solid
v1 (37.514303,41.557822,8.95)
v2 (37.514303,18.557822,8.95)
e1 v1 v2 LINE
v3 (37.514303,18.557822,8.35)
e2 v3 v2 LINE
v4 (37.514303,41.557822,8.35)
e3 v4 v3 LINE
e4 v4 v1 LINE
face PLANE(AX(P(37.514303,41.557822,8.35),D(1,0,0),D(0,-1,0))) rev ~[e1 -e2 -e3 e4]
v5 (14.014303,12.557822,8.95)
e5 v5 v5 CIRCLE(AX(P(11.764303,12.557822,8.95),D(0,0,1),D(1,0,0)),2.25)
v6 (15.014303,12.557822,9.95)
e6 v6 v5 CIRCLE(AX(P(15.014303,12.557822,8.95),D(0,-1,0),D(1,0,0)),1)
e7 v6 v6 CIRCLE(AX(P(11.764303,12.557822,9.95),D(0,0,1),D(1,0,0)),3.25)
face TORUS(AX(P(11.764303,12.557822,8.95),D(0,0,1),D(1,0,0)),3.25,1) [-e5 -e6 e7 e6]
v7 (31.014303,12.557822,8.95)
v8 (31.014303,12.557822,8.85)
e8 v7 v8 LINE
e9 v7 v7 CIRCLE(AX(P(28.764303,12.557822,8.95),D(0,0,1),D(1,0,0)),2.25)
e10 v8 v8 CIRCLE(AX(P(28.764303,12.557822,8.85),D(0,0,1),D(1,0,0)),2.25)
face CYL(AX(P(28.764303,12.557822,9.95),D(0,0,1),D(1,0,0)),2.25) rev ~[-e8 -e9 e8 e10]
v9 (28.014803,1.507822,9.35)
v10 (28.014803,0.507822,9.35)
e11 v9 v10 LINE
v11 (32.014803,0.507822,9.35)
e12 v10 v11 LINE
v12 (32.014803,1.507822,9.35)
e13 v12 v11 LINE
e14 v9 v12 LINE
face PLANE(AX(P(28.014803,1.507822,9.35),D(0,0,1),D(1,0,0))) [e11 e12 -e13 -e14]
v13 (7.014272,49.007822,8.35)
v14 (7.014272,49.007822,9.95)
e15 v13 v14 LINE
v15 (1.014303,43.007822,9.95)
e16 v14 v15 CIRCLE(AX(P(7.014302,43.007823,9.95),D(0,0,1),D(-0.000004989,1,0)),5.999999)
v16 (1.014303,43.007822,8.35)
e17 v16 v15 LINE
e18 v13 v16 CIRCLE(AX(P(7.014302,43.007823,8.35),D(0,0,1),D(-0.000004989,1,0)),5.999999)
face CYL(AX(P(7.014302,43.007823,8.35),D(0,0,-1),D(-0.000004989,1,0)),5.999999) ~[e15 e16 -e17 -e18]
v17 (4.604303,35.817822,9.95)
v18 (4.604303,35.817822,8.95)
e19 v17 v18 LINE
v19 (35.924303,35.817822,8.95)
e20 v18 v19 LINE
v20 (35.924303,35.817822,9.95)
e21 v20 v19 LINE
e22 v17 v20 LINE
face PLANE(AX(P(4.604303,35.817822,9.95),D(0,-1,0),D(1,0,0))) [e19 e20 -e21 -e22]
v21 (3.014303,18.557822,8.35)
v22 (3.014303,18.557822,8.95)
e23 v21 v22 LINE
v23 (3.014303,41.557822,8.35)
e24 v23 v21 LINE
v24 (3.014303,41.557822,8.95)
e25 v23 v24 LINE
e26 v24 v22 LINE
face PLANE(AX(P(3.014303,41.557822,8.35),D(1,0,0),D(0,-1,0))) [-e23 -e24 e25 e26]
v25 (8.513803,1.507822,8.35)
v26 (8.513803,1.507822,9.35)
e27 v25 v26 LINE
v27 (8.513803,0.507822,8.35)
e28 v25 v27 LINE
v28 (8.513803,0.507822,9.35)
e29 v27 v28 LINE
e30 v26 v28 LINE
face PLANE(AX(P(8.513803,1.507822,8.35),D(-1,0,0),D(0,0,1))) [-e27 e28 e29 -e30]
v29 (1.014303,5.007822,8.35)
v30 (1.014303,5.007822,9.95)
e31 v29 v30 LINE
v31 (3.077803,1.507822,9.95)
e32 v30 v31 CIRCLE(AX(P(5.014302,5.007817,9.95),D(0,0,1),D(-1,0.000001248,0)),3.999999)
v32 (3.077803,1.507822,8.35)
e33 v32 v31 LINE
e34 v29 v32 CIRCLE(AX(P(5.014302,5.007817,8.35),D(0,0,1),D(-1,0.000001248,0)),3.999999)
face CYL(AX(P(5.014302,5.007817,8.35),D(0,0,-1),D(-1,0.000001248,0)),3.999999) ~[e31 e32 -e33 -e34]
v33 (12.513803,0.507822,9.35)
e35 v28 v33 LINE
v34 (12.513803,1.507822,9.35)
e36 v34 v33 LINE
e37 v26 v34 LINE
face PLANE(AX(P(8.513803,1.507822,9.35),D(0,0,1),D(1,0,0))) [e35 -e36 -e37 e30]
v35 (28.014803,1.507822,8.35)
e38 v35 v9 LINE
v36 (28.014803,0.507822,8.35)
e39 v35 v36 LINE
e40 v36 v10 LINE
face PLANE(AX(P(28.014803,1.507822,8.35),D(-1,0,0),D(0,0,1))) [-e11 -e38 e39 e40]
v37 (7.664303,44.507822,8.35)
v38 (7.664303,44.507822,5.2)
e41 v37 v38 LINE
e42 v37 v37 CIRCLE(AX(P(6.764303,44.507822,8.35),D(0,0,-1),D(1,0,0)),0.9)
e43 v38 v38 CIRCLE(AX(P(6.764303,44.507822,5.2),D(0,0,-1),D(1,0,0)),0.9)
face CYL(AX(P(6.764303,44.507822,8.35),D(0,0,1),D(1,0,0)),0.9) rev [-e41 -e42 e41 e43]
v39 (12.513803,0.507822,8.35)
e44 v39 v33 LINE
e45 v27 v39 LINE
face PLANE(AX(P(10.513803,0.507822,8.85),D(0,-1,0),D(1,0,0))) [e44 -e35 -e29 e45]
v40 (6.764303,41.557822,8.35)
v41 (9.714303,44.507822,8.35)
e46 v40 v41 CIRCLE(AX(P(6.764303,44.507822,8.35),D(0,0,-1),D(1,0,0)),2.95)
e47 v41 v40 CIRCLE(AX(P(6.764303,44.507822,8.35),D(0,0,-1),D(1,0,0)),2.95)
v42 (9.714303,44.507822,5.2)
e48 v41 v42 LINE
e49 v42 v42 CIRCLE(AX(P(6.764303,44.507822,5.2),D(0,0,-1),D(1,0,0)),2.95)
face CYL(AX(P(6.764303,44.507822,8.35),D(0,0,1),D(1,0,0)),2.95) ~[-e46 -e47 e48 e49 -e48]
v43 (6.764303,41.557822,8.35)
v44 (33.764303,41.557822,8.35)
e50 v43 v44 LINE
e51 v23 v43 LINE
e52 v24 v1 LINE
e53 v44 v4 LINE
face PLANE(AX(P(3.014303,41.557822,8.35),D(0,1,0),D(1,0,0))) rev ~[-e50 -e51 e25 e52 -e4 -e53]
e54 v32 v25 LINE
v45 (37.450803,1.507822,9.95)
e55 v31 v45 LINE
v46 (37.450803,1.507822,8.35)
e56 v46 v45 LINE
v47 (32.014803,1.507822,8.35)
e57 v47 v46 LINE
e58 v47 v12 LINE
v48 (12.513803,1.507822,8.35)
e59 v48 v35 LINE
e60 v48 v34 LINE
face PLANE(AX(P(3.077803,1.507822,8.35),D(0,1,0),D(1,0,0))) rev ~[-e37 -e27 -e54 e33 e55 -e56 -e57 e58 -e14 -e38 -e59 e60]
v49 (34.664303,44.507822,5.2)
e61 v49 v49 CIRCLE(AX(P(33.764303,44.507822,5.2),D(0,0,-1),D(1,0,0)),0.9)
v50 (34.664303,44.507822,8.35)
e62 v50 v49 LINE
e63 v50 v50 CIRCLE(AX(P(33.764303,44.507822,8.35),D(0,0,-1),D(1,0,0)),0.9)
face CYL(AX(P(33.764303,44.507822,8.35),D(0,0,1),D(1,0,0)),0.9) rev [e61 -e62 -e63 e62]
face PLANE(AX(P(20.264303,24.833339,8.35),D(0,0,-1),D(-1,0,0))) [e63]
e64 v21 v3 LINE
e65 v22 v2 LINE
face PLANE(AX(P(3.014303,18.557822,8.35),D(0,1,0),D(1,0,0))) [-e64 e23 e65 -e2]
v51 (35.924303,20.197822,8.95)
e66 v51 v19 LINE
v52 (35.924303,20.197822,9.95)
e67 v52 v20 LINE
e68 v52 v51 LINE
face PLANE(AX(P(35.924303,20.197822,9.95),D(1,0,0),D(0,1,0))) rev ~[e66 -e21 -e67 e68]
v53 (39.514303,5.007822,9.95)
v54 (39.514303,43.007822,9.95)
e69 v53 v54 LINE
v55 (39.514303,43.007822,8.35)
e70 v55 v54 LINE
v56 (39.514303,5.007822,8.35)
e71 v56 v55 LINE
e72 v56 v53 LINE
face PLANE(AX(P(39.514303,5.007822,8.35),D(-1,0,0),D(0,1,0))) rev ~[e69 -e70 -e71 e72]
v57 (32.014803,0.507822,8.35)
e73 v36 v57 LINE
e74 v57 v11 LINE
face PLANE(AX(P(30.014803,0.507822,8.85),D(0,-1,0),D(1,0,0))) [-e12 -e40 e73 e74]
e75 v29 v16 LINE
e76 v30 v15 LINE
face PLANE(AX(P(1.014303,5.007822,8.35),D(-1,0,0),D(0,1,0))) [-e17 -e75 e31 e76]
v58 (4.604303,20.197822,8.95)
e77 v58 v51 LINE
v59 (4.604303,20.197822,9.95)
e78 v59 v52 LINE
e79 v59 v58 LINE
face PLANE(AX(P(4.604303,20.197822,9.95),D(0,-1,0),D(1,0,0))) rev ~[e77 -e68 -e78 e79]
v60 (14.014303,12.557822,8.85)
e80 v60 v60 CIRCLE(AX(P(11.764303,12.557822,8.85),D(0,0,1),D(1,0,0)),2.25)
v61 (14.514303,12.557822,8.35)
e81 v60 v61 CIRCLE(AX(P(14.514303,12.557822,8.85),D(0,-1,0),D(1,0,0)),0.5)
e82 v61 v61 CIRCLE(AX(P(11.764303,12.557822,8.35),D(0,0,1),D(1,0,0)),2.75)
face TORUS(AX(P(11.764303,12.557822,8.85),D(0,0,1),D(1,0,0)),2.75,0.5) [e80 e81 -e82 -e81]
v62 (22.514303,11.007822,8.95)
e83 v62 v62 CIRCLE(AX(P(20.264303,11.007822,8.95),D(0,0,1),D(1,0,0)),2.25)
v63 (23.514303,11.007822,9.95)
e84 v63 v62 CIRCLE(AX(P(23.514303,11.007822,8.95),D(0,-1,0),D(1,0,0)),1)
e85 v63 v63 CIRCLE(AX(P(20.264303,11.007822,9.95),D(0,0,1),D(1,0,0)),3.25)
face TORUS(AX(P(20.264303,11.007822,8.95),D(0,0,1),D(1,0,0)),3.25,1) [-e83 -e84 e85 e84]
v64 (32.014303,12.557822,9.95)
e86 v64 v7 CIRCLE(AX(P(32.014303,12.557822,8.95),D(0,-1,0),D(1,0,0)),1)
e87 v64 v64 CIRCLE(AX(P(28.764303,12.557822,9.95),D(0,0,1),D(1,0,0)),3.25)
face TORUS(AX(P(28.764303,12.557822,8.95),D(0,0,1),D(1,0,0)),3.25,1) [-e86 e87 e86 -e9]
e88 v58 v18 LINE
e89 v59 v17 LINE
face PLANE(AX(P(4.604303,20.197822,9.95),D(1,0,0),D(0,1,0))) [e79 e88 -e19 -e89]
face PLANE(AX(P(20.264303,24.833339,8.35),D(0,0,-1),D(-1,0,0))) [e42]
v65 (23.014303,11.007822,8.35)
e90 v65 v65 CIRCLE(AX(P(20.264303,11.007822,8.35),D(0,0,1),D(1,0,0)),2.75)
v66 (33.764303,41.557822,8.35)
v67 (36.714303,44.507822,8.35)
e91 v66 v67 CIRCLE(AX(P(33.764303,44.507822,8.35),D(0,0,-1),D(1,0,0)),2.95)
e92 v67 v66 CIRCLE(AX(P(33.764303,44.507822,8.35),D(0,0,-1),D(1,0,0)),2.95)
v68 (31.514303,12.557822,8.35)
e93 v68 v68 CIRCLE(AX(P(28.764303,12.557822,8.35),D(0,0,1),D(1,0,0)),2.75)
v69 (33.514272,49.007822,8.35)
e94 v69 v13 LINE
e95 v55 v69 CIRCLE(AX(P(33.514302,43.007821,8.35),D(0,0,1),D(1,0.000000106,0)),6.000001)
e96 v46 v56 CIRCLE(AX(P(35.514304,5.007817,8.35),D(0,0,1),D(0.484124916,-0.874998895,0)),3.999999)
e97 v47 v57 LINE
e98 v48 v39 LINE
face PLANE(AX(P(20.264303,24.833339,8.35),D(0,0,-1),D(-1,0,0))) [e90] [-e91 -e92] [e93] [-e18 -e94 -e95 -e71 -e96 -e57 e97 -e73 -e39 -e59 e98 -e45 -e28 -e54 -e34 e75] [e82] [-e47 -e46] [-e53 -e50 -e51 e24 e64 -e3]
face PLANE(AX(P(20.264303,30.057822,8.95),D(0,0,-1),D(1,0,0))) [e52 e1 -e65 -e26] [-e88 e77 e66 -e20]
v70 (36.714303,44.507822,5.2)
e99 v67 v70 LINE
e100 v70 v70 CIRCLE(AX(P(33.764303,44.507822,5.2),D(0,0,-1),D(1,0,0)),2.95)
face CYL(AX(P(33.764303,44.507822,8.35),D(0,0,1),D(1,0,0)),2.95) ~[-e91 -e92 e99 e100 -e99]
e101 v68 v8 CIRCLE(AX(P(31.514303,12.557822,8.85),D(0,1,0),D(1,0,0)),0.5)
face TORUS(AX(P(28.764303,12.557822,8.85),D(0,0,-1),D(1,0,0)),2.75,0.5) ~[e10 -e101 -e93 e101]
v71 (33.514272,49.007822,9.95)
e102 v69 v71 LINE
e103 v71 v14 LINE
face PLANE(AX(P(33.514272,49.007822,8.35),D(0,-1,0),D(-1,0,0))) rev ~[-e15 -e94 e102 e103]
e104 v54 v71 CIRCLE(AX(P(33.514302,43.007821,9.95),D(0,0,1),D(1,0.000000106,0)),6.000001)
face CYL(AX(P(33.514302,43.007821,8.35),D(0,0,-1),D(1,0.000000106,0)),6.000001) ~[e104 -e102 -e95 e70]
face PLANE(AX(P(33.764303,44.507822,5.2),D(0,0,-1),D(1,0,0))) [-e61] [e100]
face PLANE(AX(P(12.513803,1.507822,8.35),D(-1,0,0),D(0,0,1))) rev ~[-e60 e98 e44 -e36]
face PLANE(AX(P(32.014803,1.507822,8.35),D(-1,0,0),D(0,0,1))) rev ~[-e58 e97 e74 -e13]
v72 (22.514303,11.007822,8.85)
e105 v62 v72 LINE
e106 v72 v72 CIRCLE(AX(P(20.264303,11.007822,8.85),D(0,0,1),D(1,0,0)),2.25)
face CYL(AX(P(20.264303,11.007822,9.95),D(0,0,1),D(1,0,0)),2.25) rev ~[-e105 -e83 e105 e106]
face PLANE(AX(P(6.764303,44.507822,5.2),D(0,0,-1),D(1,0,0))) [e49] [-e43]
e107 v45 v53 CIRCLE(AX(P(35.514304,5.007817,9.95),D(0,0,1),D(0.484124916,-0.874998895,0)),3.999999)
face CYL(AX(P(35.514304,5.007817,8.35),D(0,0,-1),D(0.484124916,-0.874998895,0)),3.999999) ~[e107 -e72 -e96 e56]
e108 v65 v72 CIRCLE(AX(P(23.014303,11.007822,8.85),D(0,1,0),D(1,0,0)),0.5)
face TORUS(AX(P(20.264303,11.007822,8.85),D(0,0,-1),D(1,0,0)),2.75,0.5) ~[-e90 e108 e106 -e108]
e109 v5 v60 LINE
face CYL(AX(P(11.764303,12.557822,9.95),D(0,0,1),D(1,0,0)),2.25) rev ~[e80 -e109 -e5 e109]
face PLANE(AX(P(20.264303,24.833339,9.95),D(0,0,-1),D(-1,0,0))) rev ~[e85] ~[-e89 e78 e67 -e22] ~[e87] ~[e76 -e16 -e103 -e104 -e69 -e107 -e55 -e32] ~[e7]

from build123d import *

# Parameters (mm, degrees)
PAD015_DEPTH    = 1.6
SKETCH025_W     = 4
SKETCH025_H     = 1
PAD016_DEPTH    = 1
SKETCH026_W     = 31.32
SKETCH026_H     = 15.62
POCKET006_DEPTH = 1.6
SKETCH027_R     = 2.25
POCKET007_DEPTH = 1.6
FILLET002_R     = 1
FILLET003_R     = 0.5
SKETCH028_W     = 34.5
SKETCH028_H     = 23
POCKET008_DEPTH = 0.6
SKETCH029_R     = 2.95
SKETCH029_R_2   = 0.9
PAD017_DEPTH    = 3.15


with BuildPart() as part:
    # Sketch024 (on Face1 of CopyPad014) → Pad015 (new body)
    with BuildSketch(Plane.XY.offset(8.35)):
        with BuildLine():
            Line((1.014303, 5.007822), (1.014303, 43.007822))
            ThreePointArc((7.014272, 49.007822), (2.771651, 47.250452), (1.014303, 43.007822))
            Line((33.514272, 49.007822), (7.014272, 49.007822))
            ThreePointArc((39.514303, 43.007822), (37.756933, 47.250473), (33.514272, 49.007822))
            Line((39.514303, 5.007822), (39.514303, 43.007822))
            ThreePointArc((37.450803, 1.507822), (38.960026, 2.976317), (39.514303, 5.007822))
            Line((3.077803, 1.507822), (37.450803, 1.507822))
            ThreePointArc((1.014303, 5.007822), (1.56858, 2.976317), (3.077803, 1.507822))
        make_face()
    extrude(amount=PAD015_DEPTH)

    # Sketch025 (on Face7 of Pad015) → Pad016 (join)
    with BuildSketch(Plane.XZ.offset(-1.507822)):
        with Locations((10.513803, 8.85)):
            Rectangle(SKETCH025_W, SKETCH025_H)
        with Locations((30.014803, 8.85)):
            Rectangle(SKETCH025_W, SKETCH025_H)
    extrude(amount=PAD016_DEPTH)

    # Sketch026 (on Face5 of Pad016) → Pocket006 (cut)
    with BuildSketch(Plane.XY.offset(9.95)):
        with Locations((20.264303, 28.007822)):
            Rectangle(SKETCH026_W, SKETCH026_H)
    extrude(amount=-POCKET006_DEPTH, mode=Mode.SUBTRACT)

    # Sketch027 (on Face5 of Pocket006) → Pocket007 (cut)
    with BuildSketch(Plane.XY.offset(9.95)):
        with Locations((11.764303, 12.557822)):
            Circle(SKETCH027_R)
        with Locations((20.264303, 11.007822)):
            Circle(SKETCH027_R)
        with Locations((28.764303, 12.557822)):
            Circle(SKETCH027_R)
    extrude(amount=-POCKET007_DEPTH, mode=Mode.SUBTRACT)

    # Fillet002
    fillet002_edges = [part.edges().sort_by_distance(p)[0] for p in [
        (9.514303, 12.557822, 9.95),
        (18.014303, 11.007822, 9.95),
        (26.514303, 12.557822, 9.95),
    ]]
    fillet(fillet002_edges, radius=FILLET002_R)

    # Fillet003
    fillet003_edges = [part.edges().sort_by_distance(p)[0] for p in [
        (9.514303, 12.557822, 8.35),
        (18.014303, 11.007822, 8.35),
        (26.514303, 12.557822, 8.35),
    ]]
    fillet(fillet003_edges, radius=FILLET003_R)

    # Sketch028 (on Face4 of Fillet003) → Pocket008 (cut)
    with BuildSketch(Plane(origin=(0, 0, 8.35), x_dir=(1, 0, 0), z_dir=(0, 0, -1))):
        with Locations((20.264303, -30.057822)):
            Rectangle(SKETCH028_W, SKETCH028_H)
    extrude(amount=-POCKET008_DEPTH, mode=Mode.SUBTRACT)

    # Sketch029 (on Face4 of Pocket008) → Pad017 (join)
    with BuildSketch(Plane(origin=(0, 0, 8.35), x_dir=(1, 0, 0), z_dir=(0, 0, -1))):
        with Locations((6.764303, -44.507822)):
            Circle(SKETCH029_R)
        with Locations((6.764303, -44.507822)):
            Circle(SKETCH029_R_2, mode=Mode.SUBTRACT)
        with Locations((33.764303, -44.507822)):
            Circle(SKETCH029_R)
        with Locations((33.764303, -44.507822)):
            Circle(SKETCH029_R_2, mode=Mode.SUBTRACT)
    extrude(amount=PAD017_DEPTH)


solid = part.part
